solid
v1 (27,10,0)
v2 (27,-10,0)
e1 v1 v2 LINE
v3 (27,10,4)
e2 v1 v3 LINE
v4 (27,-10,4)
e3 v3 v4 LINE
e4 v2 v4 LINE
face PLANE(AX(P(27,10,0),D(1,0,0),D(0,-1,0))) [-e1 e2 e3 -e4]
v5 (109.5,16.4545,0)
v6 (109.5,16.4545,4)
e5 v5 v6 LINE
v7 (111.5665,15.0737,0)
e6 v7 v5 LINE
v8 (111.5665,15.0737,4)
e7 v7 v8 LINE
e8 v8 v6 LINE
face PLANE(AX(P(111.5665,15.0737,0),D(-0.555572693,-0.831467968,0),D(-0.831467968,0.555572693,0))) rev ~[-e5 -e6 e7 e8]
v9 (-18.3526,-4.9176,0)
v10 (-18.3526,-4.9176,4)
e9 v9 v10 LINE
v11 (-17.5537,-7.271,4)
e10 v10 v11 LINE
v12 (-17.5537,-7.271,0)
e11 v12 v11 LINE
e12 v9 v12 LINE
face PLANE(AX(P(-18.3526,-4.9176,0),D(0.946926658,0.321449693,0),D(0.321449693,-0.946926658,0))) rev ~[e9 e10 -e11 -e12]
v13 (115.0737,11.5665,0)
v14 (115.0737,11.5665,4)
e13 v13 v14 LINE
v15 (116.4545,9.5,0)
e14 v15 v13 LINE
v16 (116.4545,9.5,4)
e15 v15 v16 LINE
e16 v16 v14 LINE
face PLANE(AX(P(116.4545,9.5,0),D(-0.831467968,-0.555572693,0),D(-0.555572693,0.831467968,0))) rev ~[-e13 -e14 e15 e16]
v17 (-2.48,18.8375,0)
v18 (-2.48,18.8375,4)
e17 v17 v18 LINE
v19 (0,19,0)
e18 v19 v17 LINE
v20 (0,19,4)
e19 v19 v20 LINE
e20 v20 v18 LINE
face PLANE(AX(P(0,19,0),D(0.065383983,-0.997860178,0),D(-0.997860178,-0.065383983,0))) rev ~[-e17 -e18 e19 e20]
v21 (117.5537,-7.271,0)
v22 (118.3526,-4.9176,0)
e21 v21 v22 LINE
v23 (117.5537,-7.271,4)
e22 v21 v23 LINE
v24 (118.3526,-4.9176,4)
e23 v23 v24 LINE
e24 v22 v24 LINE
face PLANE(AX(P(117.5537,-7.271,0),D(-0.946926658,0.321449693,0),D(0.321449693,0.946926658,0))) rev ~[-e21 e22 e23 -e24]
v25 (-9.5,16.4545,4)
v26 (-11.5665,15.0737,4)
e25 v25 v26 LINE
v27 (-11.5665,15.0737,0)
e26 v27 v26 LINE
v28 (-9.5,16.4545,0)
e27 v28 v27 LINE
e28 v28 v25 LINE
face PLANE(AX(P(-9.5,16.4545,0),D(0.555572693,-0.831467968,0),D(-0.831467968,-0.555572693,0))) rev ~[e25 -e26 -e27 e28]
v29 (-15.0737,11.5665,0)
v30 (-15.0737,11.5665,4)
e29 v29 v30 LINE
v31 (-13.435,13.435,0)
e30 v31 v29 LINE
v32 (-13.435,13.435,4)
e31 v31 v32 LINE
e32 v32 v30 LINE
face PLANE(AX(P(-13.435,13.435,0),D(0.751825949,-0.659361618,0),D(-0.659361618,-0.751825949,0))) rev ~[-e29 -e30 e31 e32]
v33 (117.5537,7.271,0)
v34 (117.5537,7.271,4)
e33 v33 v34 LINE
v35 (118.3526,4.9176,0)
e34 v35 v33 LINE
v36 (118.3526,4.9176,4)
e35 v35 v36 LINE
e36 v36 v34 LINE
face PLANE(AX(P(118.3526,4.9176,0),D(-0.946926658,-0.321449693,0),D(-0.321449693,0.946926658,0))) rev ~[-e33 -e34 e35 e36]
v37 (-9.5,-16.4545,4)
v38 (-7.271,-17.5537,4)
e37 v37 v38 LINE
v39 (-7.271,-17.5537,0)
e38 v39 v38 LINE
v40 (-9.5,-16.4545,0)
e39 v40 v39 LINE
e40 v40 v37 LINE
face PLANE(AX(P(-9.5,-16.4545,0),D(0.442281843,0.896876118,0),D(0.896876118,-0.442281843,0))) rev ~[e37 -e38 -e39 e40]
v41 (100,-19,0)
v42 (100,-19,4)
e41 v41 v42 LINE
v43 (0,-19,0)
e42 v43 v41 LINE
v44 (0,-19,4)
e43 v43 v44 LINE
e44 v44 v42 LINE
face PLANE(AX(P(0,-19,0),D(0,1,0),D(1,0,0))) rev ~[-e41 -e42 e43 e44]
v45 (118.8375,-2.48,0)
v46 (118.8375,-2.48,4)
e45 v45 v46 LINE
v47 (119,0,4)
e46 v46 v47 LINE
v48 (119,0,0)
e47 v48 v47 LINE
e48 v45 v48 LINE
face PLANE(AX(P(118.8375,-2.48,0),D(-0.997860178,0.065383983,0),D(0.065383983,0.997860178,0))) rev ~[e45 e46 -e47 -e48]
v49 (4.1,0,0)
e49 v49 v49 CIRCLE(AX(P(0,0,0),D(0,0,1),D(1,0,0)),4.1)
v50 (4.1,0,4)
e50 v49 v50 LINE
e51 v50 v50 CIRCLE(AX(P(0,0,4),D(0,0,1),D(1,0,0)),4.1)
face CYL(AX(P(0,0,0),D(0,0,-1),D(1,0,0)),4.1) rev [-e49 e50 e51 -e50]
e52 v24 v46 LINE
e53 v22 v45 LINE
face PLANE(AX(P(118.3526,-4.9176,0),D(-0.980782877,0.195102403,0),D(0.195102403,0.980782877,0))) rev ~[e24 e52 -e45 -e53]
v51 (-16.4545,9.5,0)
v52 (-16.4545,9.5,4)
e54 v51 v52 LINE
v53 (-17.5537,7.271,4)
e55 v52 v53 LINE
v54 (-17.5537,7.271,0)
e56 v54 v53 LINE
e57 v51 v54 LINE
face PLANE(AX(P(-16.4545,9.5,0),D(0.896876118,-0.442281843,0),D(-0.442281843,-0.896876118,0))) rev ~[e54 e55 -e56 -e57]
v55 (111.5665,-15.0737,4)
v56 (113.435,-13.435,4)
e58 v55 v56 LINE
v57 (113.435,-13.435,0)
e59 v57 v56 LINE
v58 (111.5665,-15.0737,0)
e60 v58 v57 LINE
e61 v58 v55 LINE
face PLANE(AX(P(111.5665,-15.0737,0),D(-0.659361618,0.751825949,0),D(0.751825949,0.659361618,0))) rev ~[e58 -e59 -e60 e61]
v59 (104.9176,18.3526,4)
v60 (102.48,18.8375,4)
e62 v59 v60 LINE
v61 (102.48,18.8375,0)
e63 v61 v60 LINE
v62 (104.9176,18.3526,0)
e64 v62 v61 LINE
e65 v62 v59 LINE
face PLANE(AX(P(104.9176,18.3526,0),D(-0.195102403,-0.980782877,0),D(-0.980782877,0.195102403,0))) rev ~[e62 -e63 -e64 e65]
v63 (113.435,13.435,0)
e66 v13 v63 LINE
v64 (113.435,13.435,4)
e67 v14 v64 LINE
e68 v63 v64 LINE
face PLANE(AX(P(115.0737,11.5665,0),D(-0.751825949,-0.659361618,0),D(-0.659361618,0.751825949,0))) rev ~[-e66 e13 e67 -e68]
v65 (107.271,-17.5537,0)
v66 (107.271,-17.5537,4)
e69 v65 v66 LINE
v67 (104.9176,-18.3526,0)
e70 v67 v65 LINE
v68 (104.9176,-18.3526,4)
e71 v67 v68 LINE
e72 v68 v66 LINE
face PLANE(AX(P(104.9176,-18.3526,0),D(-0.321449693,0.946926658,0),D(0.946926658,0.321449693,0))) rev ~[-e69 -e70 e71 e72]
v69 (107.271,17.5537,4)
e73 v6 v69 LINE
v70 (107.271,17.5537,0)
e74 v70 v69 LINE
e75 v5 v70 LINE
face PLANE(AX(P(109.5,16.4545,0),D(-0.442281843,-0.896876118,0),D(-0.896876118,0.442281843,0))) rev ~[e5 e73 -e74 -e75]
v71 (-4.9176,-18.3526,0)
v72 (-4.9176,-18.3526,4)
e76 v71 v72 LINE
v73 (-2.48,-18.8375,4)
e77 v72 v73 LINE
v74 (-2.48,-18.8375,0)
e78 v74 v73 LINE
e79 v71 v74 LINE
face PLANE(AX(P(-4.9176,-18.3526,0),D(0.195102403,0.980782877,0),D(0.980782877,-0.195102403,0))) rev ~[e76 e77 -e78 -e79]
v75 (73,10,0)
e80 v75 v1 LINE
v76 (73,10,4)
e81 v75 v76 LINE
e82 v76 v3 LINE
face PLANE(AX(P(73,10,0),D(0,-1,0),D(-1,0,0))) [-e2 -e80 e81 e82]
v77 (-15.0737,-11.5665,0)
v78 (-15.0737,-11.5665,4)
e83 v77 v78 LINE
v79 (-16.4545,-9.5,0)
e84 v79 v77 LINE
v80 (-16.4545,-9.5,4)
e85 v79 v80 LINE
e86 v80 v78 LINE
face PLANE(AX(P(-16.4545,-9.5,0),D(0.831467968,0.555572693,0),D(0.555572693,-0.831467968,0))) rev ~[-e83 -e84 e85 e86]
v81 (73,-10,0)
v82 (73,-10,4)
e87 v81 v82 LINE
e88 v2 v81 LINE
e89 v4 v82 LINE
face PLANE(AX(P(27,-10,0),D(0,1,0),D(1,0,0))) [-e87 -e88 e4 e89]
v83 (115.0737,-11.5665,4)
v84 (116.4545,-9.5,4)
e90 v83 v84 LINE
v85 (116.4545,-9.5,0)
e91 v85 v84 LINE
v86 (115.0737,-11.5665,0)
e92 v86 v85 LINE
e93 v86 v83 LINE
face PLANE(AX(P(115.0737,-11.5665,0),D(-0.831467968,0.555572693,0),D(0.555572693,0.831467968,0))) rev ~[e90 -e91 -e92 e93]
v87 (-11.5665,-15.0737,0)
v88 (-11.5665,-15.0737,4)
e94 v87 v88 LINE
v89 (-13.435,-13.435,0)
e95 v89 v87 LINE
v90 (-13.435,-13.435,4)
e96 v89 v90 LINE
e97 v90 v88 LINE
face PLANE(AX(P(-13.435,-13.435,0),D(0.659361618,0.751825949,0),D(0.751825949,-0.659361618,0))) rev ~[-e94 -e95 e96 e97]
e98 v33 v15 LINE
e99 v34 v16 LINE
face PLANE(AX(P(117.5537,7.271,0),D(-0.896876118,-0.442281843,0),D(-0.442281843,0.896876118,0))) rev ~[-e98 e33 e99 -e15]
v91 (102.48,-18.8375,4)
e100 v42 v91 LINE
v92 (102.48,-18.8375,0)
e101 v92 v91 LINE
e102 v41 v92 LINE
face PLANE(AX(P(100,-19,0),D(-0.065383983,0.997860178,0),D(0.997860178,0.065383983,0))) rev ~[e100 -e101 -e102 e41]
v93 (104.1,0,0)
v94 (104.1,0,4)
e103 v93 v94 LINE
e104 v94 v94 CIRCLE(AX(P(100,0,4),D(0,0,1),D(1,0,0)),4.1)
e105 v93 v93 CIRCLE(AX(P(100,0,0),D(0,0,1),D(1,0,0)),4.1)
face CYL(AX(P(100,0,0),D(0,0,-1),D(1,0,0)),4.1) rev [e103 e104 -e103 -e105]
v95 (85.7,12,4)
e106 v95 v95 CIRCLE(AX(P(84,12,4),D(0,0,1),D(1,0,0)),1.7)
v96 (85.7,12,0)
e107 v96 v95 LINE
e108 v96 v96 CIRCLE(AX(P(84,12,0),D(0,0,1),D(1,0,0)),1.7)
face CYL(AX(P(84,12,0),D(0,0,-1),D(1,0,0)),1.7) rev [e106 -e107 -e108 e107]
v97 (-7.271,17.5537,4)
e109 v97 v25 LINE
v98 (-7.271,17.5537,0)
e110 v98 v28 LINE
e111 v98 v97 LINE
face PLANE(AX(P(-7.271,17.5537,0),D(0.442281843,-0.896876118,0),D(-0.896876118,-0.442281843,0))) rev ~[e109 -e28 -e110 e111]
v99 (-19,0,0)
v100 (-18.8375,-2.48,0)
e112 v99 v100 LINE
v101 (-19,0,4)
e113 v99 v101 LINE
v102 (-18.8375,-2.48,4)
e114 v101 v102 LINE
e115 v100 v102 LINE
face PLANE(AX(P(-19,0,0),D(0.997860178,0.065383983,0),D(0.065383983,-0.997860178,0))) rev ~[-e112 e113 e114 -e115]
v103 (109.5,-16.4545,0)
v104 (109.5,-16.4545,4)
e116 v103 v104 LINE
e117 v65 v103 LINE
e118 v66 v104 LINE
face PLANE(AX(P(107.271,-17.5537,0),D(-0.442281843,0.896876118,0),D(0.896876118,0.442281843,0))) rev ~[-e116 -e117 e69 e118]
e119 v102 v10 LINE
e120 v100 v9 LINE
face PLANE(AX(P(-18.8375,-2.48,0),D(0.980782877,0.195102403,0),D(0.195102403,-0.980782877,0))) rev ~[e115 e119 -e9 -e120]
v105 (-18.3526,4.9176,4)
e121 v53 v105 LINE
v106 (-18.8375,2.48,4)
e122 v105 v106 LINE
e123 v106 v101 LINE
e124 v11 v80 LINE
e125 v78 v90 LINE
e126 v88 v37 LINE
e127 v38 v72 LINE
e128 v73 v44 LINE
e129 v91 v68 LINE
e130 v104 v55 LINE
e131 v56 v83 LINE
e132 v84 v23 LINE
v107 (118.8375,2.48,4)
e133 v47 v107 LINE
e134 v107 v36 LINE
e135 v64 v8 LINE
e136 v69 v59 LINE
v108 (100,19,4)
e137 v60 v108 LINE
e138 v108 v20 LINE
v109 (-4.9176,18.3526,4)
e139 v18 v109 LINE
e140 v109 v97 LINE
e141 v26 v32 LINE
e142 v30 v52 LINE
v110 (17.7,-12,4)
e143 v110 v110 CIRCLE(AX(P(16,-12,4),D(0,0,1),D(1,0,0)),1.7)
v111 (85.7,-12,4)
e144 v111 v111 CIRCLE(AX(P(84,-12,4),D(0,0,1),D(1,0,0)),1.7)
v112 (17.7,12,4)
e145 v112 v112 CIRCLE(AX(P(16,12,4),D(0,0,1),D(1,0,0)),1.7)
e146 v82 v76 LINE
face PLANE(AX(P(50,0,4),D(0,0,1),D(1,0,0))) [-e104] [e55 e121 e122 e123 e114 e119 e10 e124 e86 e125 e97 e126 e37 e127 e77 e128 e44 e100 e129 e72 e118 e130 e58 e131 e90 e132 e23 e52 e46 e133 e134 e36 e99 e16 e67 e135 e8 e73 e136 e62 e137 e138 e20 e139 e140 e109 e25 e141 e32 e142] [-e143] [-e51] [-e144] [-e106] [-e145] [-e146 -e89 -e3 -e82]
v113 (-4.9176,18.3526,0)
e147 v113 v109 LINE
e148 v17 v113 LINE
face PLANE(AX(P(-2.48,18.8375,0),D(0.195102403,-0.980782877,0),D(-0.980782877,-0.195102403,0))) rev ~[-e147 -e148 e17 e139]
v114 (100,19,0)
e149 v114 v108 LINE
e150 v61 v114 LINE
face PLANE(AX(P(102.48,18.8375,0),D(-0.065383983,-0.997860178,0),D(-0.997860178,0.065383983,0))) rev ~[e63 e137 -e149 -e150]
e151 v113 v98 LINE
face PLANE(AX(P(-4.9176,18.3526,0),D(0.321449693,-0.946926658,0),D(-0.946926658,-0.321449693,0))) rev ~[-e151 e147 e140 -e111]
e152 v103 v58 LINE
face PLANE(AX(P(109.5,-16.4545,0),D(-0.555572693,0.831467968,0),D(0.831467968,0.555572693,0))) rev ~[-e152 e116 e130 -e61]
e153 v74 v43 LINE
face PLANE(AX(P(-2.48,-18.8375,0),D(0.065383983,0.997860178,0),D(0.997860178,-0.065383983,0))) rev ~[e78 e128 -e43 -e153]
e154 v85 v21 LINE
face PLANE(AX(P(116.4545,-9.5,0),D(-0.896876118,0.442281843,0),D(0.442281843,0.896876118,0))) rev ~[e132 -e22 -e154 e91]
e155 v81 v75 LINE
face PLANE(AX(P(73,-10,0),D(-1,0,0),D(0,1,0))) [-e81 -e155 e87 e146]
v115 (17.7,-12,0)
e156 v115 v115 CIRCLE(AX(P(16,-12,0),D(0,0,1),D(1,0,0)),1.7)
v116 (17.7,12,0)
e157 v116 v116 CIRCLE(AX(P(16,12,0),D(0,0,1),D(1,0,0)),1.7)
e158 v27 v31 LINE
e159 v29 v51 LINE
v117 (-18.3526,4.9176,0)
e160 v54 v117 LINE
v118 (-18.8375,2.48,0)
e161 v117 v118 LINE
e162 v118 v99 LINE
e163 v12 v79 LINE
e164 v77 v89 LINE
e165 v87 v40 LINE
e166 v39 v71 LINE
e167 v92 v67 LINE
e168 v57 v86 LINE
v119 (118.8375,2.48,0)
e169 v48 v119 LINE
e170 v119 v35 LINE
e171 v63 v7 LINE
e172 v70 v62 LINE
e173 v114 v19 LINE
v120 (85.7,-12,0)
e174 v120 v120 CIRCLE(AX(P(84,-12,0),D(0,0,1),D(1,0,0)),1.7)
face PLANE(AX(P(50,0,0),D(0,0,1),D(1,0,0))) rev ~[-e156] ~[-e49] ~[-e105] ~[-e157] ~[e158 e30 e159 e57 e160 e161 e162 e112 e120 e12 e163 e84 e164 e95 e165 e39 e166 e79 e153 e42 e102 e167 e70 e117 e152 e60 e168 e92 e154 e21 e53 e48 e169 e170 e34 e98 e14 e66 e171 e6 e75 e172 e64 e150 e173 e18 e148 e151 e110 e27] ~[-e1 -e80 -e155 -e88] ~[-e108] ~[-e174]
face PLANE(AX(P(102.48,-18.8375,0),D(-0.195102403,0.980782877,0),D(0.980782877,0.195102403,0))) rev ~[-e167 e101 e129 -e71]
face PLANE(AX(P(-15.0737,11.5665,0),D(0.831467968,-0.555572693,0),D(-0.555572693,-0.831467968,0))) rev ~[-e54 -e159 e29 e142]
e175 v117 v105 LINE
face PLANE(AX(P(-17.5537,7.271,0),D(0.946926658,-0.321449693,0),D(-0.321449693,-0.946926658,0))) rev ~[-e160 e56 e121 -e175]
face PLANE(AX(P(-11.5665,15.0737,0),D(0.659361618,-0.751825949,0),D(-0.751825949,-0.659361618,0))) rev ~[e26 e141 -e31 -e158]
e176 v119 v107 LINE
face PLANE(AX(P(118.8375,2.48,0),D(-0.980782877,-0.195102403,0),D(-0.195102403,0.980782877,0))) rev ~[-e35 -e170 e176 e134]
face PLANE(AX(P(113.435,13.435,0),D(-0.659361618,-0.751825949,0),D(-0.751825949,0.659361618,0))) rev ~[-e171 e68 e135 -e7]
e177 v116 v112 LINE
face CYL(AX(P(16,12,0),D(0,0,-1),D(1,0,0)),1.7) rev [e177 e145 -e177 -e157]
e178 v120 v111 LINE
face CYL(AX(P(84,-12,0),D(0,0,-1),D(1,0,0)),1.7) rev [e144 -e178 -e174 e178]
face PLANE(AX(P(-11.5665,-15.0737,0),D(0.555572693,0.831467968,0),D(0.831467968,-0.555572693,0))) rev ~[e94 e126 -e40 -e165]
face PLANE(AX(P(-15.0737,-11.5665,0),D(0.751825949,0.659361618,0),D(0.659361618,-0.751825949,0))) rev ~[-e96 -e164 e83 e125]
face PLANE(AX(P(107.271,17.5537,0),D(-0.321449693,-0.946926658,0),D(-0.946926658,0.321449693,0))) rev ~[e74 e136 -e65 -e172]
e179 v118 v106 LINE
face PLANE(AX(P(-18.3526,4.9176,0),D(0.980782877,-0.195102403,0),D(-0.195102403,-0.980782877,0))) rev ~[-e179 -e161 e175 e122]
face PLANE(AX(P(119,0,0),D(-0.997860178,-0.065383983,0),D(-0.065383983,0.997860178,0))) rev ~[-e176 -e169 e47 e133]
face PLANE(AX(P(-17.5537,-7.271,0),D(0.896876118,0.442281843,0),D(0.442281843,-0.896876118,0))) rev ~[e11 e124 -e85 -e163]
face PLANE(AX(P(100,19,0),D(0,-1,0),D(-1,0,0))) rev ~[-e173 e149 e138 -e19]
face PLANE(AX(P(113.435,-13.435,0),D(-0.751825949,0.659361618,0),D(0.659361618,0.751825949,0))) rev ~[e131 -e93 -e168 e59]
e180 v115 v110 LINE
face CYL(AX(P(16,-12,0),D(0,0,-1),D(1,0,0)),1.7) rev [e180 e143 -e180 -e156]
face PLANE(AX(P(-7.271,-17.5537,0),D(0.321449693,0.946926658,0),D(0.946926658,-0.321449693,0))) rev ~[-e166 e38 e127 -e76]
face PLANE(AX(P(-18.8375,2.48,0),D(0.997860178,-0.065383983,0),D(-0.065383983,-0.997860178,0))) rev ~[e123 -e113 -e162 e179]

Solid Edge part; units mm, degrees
sketch "Sketch1" plane through (0, 0, 0) normal (0, 0, 1) x (1, 0, 0)
  line L0 (100, -19) -> (102.48, -18.8375)
  line L1 (102.48, -18.8375) -> (104.9176, -18.3526)
  line L2 (104.9176, -18.3526) -> (107.271, -17.5537)
  line L3 (107.271, -17.5537) -> (109.5, -16.4545)
  line L4 (109.5, -16.4545) -> (111.5665, -15.0737)
  line L5 (111.5665, -15.0737) -> (113.435, -13.435)
  line L6 (113.435, -13.435) -> (115.0737, -11.5665)
  line L7 (115.0737, -11.5665) -> (116.4545, -9.5)
  line L8 (116.4545, -9.5) -> (117.5537, -7.271)
  line L9 (117.5537, -7.271) -> (118.3526, -4.9176)
  line L10 (118.3526, -4.9176) -> (118.8375, -2.48)
  line L11 (118.8375, -2.48) -> (119, 0)
  line L12 (119, 0) -> (118.8375, 2.48)
  line L13 (118.8375, 2.48) -> (118.3526, 4.9176)
  line L14 (118.3526, 4.9176) -> (117.5537, 7.271)
  line L15 (117.5537, 7.271) -> (116.4545, 9.5)
  line L16 (116.4545, 9.5) -> (115.0737, 11.5665)
  line L17 (115.0737, 11.5665) -> (113.435, 13.435)
  line L18 (113.435, 13.435) -> (111.5665, 15.0737)
  line L19 (111.5665, 15.0737) -> (109.5, 16.4545)
  line L20 (109.5, 16.4545) -> (107.271, 17.5537)
  line L21 (107.271, 17.5537) -> (104.9176, 18.3526)
  line L22 (104.9176, 18.3526) -> (102.48, 18.8375)
  line L23 (102.48, 18.8375) -> (100, 19)
  line L24 (100, 19) -> (0, 19)
  line L25 (0, 19) -> (-2.48, 18.8375)
  line L26 (-2.48, 18.8375) -> (-4.9176, 18.3526)
  line L27 (-4.9176, 18.3526) -> (-7.271, 17.5537)
  line L28 (-7.271, 17.5537) -> (-9.5, 16.4545)
  line L29 (-9.5, 16.4545) -> (-11.5665, 15.0737)
  line L30 (-11.5665, 15.0737) -> (-13.435, 13.435)
  line L31 (-13.435, 13.435) -> (-15.0737, 11.5665)
  line L32 (-15.0737, 11.5665) -> (-16.4545, 9.5)
  line L33 (-16.4545, 9.5) -> (-17.5537, 7.271)
  line L34 (-17.5537, 7.271) -> (-18.3526, 4.9176)
  line L35 (-18.3526, 4.9176) -> (-18.8375, 2.48)
  line L36 (-18.8375, 2.48) -> (-19, 0)
  line L37 (-19, 0) -> (-18.8375, -2.48)
  line L38 (-18.8375, -2.48) -> (-18.3526, -4.9176)
  line L39 (-18.3526, -4.9176) -> (-17.5537, -7.271)
  line L40 (-17.5537, -7.271) -> (-16.4545, -9.5)
  line L41 (-16.4545, -9.5) -> (-15.0737, -11.5665)
  line L42 (-15.0737, -11.5665) -> (-13.435, -13.435)
  line L43 (-13.435, -13.435) -> (-11.5665, -15.0737)
  line L44 (-11.5665, -15.0737) -> (-9.5, -16.4545)
  line L45 (-9.5, -16.4545) -> (-7.271, -17.5537)
  line L46 (-7.271, -17.5537) -> (-4.9176, -18.3526)
  line L47 (-4.9176, -18.3526) -> (-2.48, -18.8375)
  line L48 (-2.48, -18.8375) -> (0, -19)
  line L49 (0, -19) -> (100, -19)
  circle A0 centre (0, 0) radius 4.1
  circle A1 centre (100, 0) radius 4.1
  line L50 (27, -10) -> (73, -10)
  line L51 (73, -10) -> (73, 10)
  line L52 (73, 10) -> (27, 10)
  line L53 (27, 10) -> (27, -10)
  circle A2 centre (16, -12) radius 1.7
  circle A3 centre (16, 12) radius 1.7
  circle A4 centre (84, -12) radius 1.7
  circle A5 centre (84, 12) radius 1.7
extrude "Protrusion1" add sketch "Sketch1" along normal blind 4
